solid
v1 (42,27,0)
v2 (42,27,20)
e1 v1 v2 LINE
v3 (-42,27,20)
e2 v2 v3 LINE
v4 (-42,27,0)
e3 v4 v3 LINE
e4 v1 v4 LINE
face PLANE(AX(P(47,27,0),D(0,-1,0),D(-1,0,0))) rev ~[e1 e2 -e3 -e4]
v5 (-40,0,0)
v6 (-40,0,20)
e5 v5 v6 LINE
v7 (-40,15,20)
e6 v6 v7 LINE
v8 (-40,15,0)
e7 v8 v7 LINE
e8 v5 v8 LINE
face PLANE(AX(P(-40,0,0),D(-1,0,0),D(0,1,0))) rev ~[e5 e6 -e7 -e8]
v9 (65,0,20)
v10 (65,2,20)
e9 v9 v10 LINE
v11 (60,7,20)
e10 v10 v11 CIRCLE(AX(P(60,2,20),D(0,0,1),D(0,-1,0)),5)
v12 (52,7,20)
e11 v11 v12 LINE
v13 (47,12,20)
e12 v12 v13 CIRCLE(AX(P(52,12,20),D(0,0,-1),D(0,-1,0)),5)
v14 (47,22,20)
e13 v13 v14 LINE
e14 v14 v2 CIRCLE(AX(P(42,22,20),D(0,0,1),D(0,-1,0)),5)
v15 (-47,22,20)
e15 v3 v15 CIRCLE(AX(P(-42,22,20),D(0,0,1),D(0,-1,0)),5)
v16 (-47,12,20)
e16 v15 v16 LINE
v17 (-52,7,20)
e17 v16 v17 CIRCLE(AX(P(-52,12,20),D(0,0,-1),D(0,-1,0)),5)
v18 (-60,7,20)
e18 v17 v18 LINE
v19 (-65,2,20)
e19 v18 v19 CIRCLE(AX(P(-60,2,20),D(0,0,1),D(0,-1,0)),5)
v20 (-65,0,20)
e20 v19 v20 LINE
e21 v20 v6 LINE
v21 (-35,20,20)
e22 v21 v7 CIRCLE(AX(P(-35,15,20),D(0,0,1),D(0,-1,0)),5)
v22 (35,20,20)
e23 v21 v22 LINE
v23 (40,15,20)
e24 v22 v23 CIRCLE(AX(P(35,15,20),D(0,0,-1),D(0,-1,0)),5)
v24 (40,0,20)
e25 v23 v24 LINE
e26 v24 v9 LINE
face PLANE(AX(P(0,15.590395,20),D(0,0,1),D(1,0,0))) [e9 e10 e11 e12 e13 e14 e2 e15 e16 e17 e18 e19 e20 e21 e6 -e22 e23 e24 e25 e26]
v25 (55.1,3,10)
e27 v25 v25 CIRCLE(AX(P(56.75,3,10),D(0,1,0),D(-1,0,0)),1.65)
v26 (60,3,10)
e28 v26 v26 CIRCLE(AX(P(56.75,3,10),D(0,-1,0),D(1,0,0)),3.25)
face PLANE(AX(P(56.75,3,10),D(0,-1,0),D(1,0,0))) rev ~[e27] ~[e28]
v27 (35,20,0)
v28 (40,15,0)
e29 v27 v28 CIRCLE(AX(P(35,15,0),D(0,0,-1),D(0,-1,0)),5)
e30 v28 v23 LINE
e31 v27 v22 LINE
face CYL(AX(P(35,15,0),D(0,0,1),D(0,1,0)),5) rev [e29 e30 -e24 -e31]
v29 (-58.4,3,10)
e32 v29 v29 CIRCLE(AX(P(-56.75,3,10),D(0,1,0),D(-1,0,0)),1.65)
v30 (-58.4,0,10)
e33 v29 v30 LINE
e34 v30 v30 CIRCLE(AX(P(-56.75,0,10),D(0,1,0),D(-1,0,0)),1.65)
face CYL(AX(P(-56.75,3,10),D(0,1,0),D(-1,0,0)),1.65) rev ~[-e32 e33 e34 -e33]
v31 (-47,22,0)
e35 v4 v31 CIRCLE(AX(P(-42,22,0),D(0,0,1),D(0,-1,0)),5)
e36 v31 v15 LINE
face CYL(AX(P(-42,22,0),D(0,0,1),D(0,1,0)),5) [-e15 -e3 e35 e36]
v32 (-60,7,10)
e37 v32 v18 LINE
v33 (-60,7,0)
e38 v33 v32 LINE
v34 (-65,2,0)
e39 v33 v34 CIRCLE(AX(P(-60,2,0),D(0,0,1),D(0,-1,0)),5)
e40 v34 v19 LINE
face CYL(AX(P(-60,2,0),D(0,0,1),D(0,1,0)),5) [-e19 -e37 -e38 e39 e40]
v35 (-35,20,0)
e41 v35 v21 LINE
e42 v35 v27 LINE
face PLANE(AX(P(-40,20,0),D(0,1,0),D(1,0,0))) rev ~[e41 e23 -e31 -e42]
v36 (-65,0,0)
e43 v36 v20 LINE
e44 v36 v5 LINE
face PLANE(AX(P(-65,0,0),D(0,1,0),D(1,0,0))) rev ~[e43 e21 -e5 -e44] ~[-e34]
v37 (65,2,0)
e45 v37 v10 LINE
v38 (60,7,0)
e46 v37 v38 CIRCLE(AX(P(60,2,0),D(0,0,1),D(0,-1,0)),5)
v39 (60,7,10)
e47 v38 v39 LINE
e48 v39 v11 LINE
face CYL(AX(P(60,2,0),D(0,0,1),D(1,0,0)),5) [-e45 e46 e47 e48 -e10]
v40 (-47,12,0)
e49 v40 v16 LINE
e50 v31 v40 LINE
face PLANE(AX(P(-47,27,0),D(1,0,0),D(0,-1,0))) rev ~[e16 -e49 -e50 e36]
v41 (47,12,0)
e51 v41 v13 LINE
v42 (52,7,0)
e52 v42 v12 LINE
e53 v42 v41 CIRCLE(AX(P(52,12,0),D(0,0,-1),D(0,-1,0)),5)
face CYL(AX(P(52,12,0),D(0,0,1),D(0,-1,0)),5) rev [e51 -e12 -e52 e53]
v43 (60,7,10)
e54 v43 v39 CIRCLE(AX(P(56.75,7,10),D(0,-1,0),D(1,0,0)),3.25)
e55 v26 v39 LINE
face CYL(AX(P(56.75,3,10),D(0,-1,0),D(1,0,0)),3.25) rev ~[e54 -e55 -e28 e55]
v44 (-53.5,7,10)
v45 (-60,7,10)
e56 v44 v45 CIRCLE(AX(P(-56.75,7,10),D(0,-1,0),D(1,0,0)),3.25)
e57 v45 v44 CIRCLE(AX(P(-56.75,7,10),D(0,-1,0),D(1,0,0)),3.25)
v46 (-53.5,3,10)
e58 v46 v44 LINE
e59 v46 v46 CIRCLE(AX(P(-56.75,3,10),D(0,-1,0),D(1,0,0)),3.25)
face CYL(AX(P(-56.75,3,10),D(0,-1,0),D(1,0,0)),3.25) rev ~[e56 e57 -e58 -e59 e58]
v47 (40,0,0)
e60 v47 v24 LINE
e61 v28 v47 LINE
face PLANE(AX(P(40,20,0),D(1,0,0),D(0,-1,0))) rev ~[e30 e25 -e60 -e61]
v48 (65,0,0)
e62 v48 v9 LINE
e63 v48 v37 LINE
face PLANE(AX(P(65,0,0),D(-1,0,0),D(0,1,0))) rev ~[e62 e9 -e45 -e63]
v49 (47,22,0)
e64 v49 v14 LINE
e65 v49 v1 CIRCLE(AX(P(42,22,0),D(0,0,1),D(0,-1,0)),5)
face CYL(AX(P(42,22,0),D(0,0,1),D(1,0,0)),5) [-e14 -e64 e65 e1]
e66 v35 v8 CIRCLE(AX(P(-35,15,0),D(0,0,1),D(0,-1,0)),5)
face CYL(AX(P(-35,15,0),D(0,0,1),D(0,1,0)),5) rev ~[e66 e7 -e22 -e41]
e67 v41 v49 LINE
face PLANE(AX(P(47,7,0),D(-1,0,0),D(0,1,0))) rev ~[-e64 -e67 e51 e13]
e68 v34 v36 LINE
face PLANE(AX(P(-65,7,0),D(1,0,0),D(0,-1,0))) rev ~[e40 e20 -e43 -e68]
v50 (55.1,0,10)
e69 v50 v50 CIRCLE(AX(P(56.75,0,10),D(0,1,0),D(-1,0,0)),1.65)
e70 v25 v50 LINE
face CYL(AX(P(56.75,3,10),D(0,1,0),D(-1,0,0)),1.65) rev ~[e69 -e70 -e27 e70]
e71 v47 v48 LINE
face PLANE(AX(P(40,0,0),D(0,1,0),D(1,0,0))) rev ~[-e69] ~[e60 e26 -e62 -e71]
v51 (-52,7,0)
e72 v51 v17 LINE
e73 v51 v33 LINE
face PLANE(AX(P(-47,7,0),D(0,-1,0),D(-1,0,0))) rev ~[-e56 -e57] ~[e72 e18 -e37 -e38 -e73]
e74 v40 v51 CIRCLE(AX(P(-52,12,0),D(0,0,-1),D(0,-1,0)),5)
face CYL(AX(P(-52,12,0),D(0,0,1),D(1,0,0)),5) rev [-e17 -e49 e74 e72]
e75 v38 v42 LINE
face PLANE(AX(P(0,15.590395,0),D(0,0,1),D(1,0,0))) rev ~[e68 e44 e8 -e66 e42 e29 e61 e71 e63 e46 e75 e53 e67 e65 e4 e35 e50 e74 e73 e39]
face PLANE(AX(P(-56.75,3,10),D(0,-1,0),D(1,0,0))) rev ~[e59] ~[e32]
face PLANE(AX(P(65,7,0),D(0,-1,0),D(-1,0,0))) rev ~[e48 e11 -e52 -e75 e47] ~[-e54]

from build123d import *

# Parameters (mm, degrees)
F1_DEPTH = 20
F2_R     = 5
F4_R     = 3.25
F5_DEPTH = 25
F6_R     = 1.65
F7_DEPTH = 25


with BuildPart() as f1:
    # F0 (on Top) → F1 (new body)
    with BuildSketch(Plane.XY):
        Polygon((-40, 20), (0, 20), (40, 20), (40, 0), (65, 0), (65, 7), (47, 7), (47, 27), (0, 27), (-47, 27), (-47, 7), (-65, 7), (-65, 0), (-40, 0), align=None)
    extrude(amount=F1_DEPTH)

    # F2
    f2_edges = [f1.edges().sort_by_distance(p)[0] for p in [
        (40, 20, 10),
        (47, 27, 10),
        (-40, 20, 10),
        (-47, 27, 10),
        (47, 7, 10),
        (-47, 7, 10),
        (65, 7, 10),
        (-65, 7, 10),
    ]]
    fillet(f2_edges, radius=F2_R)

    # F4 (on offset) → F5 (cut)
    with BuildSketch(Plane.XZ.offset(-3)):
        with Locations((-56.75, 10)):
            Circle(F4_R)
        with Locations((56.75, 10)):
            Circle(F4_R)
    extrude(amount=-F5_DEPTH, mode=Mode.SUBTRACT)

    # F6 (on face) → F7 (cut)
    with BuildSketch(Plane(origin=(0, 3, 0), x_dir=(-1, 0, 0), z_dir=(0, 1, 0))):
        with Locations((-56.75, 10)):
            Circle(F6_R)
        with Locations((56.75, 10)):
            Circle(F6_R)
    extrude(amount=-F7_DEPTH, mode=Mode.SUBTRACT)


solid = f1.part
